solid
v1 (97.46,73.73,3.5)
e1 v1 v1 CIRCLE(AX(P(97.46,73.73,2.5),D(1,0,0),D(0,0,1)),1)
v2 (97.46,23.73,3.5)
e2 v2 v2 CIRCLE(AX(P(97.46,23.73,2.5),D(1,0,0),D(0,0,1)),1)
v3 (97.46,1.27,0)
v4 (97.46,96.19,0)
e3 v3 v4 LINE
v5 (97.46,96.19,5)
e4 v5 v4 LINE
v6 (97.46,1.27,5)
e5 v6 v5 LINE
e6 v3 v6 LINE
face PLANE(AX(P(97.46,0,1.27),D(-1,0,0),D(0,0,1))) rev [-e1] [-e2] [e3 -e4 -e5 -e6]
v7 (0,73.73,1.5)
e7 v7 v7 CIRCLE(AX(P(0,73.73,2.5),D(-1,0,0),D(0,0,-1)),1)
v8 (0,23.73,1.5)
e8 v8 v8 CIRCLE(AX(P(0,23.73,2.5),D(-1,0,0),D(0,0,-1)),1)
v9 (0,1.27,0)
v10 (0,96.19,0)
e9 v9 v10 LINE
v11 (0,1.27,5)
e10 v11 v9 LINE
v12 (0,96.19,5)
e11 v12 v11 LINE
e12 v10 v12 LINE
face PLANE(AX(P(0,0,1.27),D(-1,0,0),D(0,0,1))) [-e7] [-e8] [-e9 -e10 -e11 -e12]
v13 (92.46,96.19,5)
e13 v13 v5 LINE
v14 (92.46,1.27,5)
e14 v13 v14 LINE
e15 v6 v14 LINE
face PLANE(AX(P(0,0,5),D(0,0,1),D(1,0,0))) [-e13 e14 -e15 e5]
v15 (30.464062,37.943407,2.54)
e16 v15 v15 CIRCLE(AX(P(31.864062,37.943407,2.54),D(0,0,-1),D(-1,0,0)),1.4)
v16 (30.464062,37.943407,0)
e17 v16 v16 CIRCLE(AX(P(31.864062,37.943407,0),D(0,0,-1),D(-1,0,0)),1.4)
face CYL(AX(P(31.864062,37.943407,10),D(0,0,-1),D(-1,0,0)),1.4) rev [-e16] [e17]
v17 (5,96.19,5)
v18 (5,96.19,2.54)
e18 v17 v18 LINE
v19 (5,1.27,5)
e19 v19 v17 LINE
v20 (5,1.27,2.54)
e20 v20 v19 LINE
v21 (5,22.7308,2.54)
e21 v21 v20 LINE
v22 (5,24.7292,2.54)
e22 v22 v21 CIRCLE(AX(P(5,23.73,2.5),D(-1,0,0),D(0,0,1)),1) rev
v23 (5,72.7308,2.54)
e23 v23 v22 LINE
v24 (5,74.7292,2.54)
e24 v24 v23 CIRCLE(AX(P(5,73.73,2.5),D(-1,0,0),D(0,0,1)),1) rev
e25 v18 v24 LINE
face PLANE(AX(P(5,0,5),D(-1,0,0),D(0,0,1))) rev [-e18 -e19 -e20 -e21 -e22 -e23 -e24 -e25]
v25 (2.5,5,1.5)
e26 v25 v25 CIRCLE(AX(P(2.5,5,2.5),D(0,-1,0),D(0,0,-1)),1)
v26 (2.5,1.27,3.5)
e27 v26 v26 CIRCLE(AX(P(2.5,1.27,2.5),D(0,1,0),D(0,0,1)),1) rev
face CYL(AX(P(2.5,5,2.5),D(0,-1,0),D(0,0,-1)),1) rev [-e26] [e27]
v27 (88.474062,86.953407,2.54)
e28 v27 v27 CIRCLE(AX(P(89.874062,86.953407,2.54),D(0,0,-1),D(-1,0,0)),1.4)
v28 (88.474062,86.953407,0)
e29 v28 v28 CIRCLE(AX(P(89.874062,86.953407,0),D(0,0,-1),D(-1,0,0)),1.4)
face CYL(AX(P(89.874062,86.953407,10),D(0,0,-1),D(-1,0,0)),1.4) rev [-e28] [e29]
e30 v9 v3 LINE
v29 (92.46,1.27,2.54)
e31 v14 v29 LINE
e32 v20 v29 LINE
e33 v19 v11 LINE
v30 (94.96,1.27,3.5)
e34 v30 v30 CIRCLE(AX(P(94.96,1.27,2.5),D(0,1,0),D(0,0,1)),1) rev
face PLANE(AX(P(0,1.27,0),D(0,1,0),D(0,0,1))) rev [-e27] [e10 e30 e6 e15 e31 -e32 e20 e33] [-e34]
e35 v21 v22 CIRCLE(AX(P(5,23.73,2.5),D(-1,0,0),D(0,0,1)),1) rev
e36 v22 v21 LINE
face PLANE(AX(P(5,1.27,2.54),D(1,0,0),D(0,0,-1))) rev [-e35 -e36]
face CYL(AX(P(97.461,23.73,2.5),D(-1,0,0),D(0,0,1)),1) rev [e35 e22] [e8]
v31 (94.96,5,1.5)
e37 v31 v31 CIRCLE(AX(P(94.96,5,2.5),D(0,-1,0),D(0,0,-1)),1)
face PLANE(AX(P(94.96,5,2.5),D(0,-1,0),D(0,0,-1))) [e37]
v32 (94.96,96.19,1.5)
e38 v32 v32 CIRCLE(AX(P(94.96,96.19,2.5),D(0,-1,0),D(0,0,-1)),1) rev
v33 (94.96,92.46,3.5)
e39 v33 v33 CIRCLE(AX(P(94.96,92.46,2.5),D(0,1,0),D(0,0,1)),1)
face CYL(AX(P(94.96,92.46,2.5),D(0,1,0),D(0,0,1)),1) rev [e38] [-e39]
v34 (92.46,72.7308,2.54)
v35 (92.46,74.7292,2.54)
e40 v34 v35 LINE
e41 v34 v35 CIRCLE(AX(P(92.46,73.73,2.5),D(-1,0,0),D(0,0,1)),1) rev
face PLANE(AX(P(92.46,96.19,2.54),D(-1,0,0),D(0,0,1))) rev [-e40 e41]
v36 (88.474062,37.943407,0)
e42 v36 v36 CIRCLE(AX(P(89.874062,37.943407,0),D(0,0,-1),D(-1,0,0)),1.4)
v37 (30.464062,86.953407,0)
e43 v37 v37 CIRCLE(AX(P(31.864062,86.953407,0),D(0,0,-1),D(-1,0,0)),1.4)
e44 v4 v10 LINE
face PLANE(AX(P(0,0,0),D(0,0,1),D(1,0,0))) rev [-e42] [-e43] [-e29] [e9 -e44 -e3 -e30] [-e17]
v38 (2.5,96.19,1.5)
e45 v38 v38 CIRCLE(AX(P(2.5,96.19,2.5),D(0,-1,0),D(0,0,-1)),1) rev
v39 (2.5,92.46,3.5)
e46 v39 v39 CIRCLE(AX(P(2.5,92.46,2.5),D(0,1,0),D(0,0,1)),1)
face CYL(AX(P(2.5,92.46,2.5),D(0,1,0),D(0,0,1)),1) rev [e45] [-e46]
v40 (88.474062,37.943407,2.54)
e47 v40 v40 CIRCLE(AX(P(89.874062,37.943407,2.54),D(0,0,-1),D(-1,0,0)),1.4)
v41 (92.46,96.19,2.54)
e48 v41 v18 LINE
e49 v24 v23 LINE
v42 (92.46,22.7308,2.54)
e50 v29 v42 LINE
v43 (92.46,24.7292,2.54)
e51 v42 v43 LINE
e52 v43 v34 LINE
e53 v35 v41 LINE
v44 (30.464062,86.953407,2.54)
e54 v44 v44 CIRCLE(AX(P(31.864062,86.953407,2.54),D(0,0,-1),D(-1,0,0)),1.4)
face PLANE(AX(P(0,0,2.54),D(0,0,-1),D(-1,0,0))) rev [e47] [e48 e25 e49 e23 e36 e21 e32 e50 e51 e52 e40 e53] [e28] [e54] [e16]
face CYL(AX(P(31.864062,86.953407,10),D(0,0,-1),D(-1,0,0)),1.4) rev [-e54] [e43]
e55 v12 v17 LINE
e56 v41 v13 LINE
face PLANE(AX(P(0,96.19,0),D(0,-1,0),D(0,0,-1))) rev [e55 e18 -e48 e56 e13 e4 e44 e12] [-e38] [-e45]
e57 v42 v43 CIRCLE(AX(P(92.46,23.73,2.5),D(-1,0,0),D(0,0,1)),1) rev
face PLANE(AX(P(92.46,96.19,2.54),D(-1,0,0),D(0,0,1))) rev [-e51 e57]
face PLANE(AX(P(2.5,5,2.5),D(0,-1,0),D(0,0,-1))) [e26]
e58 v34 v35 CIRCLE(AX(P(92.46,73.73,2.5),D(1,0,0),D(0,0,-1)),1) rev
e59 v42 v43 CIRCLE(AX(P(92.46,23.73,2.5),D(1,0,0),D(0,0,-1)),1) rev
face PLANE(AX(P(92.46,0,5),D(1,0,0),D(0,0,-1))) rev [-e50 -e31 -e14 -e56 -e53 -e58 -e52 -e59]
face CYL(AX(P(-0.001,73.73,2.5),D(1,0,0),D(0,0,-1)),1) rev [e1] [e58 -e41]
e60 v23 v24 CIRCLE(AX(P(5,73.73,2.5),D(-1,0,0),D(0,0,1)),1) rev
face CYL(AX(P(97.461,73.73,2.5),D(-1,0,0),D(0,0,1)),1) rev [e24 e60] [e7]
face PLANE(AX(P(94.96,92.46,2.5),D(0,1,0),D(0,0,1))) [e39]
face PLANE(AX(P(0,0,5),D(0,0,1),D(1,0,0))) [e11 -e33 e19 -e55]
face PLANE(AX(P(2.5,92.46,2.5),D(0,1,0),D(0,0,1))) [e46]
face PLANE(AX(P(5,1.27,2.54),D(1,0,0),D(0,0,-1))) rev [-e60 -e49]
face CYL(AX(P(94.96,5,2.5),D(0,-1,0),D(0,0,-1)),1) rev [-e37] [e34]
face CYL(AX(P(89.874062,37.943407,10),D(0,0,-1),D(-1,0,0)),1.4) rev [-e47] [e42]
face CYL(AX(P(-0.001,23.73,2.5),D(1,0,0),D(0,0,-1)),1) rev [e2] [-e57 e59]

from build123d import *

# Parameters (mm, degrees)
SKETCH1_W           = 97.46
SKETCH1_H           = 97.46
BOSS_EXTRUDE1_DEPTH = 1.27
SKETCH3_W           = 5
SKETCH3_H           = 97.46
BOSS_EXTRUDE2_DEPTH = 3.73
SKETCH7_R           = 1
CUT_EXTRUDE2_DEPTH  = 5
SKETCH6_R           = 1
CUT_EXTRUDE3_DEPTH  = 5
SKETCH4_R           = 1
CUT_EXTRUDE4_DEPTH  = 5
SKETCH5_R           = 1
CUT_EXTRUDE5_DEPTH  = 5
CUT_EXTRUDE7_REACH  = 99.46
SKETCH10_R          = 1
CUT_EXTRUDE8_REACH  = 99.46
SKETCH9_R           = 1
CUT_EXTRUDE9_DEPTH  = 1.27
CUT_EXTRUDE10_DEPTH = 1.27
SKETCH13_W          = 87.46
SKETCH13_H          = 94.92
BOSS_EXTRUDE3_DEPTH = 1.27
SKETCH8_R           = 1.4
CUT_EXTRUDE6_DEPTH  = 10


with BuildPart() as part:
    # Sketch1 → Boss-Extrude1 (new body)
    with BuildSketch(Plane.XY):
        with Locations((48.73, 48.73)):
            Rectangle(SKETCH1_W, SKETCH1_H)
    extrude(amount=BOSS_EXTRUDE1_DEPTH)

    # Sketch3 → Boss-Extrude2 (add)
    with BuildSketch(Plane.XY.offset(1.27)):
        with Locations((2.5, 48.73)):
            Rectangle(SKETCH3_W, SKETCH3_H)
        with Locations((94.96, 48.73)):
            Rectangle(SKETCH3_W, SKETCH3_H)
    extrude(amount=BOSS_EXTRUDE2_DEPTH)

    # Sketch7 → Cut-Extrude2 (cut)
    with BuildSketch(Plane(origin=(0, 97.46, 0), x_dir=(-1, 0, 0), z_dir=(0, 1, 0))):
        with Locations((-2.5, 2.5)):
            Circle(SKETCH7_R)
    extrude(amount=-CUT_EXTRUDE2_DEPTH, mode=Mode.SUBTRACT)

    # Sketch6 → Cut-Extrude3 (cut)
    with BuildSketch(Plane(origin=(0, 97.46, 0), x_dir=(-1, 0, 0), z_dir=(0, 1, 0))):
        with Locations((-94.96, 2.5)):
            Circle(SKETCH6_R)
    extrude(amount=-CUT_EXTRUDE3_DEPTH, mode=Mode.SUBTRACT)

    # Sketch4 → Cut-Extrude4 (cut)
    with BuildSketch(Plane.XZ):
        with Locations((94.96, 2.5)):
            Circle(SKETCH4_R)
    extrude(amount=-CUT_EXTRUDE4_DEPTH, mode=Mode.SUBTRACT)

    # Sketch5 → Cut-Extrude5 (cut)
    with BuildSketch(Plane.XZ):
        with Locations((2.5, 2.5)):
            Circle(SKETCH5_R)
    extrude(amount=-CUT_EXTRUDE5_DEPTH, mode=Mode.SUBTRACT)

    # Sketch10 → Cut-Extrude7 (cut, up to next)
    with BuildSketch(Plane.ZY, mode=Mode.PRIVATE) as cut_extrude7_sk1:
        with Locations((2.5, 23.73)):
            Circle(SKETCH10_R)
    cut_extrude7_tool1 = extrude(cut_extrude7_sk1.sketch, amount=-CUT_EXTRUDE7_REACH, mode=Mode.PRIVATE) & part.part
    add(cut_extrude7_tool1.solids().sort_by_distance((0, 23.73, 2.5))[0], mode=Mode.SUBTRACT)
    # Sketch10 → Cut-Extrude7 (cut, up to next)
    with BuildSketch(Plane.ZY, mode=Mode.PRIVATE) as cut_extrude7_sk2:
        with Locations((2.5, 73.73)):
            Circle(SKETCH10_R)
    cut_extrude7_tool2 = extrude(cut_extrude7_sk2.sketch, amount=-CUT_EXTRUDE7_REACH, mode=Mode.PRIVATE) & part.part
    add(cut_extrude7_tool2.solids().sort_by_distance((0, 73.73, 2.5))[0], mode=Mode.SUBTRACT)

    # Sketch9 → Cut-Extrude8 (cut, up to next)
    with BuildSketch(Plane(origin=(97.46, 0, 0), x_dir=(0, 0, -1), z_dir=(1, 0, 0)), mode=Mode.PRIVATE) as cut_extrude8_sk1:
        with Locations((-2.5, 73.73)):
            Circle(SKETCH9_R)
    cut_extrude8_tool1 = extrude(cut_extrude8_sk1.sketch, amount=-CUT_EXTRUDE8_REACH, mode=Mode.PRIVATE) & part.part
    add(cut_extrude8_tool1.solids().sort_by_distance((97.46, 73.73, 2.5))[0], mode=Mode.SUBTRACT)
    # Sketch9 → Cut-Extrude8 (cut, up to next)
    with BuildSketch(Plane(origin=(97.46, 0, 0), x_dir=(0, 0, -1), z_dir=(1, 0, 0)), mode=Mode.PRIVATE) as cut_extrude8_sk2:
        with Locations((-2.5, 23.73)):
            Circle(SKETCH9_R)
    cut_extrude8_tool2 = extrude(cut_extrude8_sk2.sketch, amount=-CUT_EXTRUDE8_REACH, mode=Mode.PRIVATE) & part.part
    add(cut_extrude8_tool2.solids().sort_by_distance((97.46, 23.73, 2.5))[0], mode=Mode.SUBTRACT)

    # Sketch11 → Cut-Extrude9 (cut)
    with BuildSketch(Plane(origin=(0, 0, 0), x_dir=(-1, 0, 0), z_dir=(0, -1, 0))):
        Polygon((-92.46, -5), (-97.46, -5), (-97.46, 0), (0, 0), (0, -5), (-5, -5), (-5, -1.27), (-92.46, -1.27), align=None)
    extrude(amount=-CUT_EXTRUDE9_DEPTH, mode=Mode.SUBTRACT)

    # Sketch12 → Cut-Extrude10 (cut)
    with BuildSketch(Plane(origin=(0, 97.46, 0), x_dir=(1, 0, 0), z_dir=(0, 1, 0))):
        Polygon((92.46, -1.27), (92.46, -5), (97.46, -5), (97.46, 0), (0, 0), (0, -5), (5, -5), (5, -1.27), align=None)
    extrude(amount=-CUT_EXTRUDE10_DEPTH, mode=Mode.SUBTRACT)

    # Sketch13 → Boss-Extrude3 (add)
    with BuildSketch(Plane.XY.offset(1.27)):
        with Locations((48.73, 48.73)):
            Rectangle(SKETCH13_W, SKETCH13_H)
    extrude(amount=BOSS_EXTRUDE3_DEPTH)

    # Sketch8 → Cut-Extrude6 (cut)
    with BuildSketch(Plane(origin=(0, 0, 0), x_dir=(-1, 0, 0), z_dir=(0, 0, -1))):
        with Locations((-31.864061653, 37.943406611)):
            Circle(SKETCH8_R)
        with Locations((-89.874061653, 86.953406611)):
            Circle(SKETCH8_R)
        with Locations((-31.864061653, 86.953406611)):
            Circle(SKETCH8_R)
        with Locations((-89.874061653, 37.943406611)):
            Circle(SKETCH8_R)
    extrude(amount=-CUT_EXTRUDE6_DEPTH, mode=Mode.SUBTRACT)


solid = part.part
